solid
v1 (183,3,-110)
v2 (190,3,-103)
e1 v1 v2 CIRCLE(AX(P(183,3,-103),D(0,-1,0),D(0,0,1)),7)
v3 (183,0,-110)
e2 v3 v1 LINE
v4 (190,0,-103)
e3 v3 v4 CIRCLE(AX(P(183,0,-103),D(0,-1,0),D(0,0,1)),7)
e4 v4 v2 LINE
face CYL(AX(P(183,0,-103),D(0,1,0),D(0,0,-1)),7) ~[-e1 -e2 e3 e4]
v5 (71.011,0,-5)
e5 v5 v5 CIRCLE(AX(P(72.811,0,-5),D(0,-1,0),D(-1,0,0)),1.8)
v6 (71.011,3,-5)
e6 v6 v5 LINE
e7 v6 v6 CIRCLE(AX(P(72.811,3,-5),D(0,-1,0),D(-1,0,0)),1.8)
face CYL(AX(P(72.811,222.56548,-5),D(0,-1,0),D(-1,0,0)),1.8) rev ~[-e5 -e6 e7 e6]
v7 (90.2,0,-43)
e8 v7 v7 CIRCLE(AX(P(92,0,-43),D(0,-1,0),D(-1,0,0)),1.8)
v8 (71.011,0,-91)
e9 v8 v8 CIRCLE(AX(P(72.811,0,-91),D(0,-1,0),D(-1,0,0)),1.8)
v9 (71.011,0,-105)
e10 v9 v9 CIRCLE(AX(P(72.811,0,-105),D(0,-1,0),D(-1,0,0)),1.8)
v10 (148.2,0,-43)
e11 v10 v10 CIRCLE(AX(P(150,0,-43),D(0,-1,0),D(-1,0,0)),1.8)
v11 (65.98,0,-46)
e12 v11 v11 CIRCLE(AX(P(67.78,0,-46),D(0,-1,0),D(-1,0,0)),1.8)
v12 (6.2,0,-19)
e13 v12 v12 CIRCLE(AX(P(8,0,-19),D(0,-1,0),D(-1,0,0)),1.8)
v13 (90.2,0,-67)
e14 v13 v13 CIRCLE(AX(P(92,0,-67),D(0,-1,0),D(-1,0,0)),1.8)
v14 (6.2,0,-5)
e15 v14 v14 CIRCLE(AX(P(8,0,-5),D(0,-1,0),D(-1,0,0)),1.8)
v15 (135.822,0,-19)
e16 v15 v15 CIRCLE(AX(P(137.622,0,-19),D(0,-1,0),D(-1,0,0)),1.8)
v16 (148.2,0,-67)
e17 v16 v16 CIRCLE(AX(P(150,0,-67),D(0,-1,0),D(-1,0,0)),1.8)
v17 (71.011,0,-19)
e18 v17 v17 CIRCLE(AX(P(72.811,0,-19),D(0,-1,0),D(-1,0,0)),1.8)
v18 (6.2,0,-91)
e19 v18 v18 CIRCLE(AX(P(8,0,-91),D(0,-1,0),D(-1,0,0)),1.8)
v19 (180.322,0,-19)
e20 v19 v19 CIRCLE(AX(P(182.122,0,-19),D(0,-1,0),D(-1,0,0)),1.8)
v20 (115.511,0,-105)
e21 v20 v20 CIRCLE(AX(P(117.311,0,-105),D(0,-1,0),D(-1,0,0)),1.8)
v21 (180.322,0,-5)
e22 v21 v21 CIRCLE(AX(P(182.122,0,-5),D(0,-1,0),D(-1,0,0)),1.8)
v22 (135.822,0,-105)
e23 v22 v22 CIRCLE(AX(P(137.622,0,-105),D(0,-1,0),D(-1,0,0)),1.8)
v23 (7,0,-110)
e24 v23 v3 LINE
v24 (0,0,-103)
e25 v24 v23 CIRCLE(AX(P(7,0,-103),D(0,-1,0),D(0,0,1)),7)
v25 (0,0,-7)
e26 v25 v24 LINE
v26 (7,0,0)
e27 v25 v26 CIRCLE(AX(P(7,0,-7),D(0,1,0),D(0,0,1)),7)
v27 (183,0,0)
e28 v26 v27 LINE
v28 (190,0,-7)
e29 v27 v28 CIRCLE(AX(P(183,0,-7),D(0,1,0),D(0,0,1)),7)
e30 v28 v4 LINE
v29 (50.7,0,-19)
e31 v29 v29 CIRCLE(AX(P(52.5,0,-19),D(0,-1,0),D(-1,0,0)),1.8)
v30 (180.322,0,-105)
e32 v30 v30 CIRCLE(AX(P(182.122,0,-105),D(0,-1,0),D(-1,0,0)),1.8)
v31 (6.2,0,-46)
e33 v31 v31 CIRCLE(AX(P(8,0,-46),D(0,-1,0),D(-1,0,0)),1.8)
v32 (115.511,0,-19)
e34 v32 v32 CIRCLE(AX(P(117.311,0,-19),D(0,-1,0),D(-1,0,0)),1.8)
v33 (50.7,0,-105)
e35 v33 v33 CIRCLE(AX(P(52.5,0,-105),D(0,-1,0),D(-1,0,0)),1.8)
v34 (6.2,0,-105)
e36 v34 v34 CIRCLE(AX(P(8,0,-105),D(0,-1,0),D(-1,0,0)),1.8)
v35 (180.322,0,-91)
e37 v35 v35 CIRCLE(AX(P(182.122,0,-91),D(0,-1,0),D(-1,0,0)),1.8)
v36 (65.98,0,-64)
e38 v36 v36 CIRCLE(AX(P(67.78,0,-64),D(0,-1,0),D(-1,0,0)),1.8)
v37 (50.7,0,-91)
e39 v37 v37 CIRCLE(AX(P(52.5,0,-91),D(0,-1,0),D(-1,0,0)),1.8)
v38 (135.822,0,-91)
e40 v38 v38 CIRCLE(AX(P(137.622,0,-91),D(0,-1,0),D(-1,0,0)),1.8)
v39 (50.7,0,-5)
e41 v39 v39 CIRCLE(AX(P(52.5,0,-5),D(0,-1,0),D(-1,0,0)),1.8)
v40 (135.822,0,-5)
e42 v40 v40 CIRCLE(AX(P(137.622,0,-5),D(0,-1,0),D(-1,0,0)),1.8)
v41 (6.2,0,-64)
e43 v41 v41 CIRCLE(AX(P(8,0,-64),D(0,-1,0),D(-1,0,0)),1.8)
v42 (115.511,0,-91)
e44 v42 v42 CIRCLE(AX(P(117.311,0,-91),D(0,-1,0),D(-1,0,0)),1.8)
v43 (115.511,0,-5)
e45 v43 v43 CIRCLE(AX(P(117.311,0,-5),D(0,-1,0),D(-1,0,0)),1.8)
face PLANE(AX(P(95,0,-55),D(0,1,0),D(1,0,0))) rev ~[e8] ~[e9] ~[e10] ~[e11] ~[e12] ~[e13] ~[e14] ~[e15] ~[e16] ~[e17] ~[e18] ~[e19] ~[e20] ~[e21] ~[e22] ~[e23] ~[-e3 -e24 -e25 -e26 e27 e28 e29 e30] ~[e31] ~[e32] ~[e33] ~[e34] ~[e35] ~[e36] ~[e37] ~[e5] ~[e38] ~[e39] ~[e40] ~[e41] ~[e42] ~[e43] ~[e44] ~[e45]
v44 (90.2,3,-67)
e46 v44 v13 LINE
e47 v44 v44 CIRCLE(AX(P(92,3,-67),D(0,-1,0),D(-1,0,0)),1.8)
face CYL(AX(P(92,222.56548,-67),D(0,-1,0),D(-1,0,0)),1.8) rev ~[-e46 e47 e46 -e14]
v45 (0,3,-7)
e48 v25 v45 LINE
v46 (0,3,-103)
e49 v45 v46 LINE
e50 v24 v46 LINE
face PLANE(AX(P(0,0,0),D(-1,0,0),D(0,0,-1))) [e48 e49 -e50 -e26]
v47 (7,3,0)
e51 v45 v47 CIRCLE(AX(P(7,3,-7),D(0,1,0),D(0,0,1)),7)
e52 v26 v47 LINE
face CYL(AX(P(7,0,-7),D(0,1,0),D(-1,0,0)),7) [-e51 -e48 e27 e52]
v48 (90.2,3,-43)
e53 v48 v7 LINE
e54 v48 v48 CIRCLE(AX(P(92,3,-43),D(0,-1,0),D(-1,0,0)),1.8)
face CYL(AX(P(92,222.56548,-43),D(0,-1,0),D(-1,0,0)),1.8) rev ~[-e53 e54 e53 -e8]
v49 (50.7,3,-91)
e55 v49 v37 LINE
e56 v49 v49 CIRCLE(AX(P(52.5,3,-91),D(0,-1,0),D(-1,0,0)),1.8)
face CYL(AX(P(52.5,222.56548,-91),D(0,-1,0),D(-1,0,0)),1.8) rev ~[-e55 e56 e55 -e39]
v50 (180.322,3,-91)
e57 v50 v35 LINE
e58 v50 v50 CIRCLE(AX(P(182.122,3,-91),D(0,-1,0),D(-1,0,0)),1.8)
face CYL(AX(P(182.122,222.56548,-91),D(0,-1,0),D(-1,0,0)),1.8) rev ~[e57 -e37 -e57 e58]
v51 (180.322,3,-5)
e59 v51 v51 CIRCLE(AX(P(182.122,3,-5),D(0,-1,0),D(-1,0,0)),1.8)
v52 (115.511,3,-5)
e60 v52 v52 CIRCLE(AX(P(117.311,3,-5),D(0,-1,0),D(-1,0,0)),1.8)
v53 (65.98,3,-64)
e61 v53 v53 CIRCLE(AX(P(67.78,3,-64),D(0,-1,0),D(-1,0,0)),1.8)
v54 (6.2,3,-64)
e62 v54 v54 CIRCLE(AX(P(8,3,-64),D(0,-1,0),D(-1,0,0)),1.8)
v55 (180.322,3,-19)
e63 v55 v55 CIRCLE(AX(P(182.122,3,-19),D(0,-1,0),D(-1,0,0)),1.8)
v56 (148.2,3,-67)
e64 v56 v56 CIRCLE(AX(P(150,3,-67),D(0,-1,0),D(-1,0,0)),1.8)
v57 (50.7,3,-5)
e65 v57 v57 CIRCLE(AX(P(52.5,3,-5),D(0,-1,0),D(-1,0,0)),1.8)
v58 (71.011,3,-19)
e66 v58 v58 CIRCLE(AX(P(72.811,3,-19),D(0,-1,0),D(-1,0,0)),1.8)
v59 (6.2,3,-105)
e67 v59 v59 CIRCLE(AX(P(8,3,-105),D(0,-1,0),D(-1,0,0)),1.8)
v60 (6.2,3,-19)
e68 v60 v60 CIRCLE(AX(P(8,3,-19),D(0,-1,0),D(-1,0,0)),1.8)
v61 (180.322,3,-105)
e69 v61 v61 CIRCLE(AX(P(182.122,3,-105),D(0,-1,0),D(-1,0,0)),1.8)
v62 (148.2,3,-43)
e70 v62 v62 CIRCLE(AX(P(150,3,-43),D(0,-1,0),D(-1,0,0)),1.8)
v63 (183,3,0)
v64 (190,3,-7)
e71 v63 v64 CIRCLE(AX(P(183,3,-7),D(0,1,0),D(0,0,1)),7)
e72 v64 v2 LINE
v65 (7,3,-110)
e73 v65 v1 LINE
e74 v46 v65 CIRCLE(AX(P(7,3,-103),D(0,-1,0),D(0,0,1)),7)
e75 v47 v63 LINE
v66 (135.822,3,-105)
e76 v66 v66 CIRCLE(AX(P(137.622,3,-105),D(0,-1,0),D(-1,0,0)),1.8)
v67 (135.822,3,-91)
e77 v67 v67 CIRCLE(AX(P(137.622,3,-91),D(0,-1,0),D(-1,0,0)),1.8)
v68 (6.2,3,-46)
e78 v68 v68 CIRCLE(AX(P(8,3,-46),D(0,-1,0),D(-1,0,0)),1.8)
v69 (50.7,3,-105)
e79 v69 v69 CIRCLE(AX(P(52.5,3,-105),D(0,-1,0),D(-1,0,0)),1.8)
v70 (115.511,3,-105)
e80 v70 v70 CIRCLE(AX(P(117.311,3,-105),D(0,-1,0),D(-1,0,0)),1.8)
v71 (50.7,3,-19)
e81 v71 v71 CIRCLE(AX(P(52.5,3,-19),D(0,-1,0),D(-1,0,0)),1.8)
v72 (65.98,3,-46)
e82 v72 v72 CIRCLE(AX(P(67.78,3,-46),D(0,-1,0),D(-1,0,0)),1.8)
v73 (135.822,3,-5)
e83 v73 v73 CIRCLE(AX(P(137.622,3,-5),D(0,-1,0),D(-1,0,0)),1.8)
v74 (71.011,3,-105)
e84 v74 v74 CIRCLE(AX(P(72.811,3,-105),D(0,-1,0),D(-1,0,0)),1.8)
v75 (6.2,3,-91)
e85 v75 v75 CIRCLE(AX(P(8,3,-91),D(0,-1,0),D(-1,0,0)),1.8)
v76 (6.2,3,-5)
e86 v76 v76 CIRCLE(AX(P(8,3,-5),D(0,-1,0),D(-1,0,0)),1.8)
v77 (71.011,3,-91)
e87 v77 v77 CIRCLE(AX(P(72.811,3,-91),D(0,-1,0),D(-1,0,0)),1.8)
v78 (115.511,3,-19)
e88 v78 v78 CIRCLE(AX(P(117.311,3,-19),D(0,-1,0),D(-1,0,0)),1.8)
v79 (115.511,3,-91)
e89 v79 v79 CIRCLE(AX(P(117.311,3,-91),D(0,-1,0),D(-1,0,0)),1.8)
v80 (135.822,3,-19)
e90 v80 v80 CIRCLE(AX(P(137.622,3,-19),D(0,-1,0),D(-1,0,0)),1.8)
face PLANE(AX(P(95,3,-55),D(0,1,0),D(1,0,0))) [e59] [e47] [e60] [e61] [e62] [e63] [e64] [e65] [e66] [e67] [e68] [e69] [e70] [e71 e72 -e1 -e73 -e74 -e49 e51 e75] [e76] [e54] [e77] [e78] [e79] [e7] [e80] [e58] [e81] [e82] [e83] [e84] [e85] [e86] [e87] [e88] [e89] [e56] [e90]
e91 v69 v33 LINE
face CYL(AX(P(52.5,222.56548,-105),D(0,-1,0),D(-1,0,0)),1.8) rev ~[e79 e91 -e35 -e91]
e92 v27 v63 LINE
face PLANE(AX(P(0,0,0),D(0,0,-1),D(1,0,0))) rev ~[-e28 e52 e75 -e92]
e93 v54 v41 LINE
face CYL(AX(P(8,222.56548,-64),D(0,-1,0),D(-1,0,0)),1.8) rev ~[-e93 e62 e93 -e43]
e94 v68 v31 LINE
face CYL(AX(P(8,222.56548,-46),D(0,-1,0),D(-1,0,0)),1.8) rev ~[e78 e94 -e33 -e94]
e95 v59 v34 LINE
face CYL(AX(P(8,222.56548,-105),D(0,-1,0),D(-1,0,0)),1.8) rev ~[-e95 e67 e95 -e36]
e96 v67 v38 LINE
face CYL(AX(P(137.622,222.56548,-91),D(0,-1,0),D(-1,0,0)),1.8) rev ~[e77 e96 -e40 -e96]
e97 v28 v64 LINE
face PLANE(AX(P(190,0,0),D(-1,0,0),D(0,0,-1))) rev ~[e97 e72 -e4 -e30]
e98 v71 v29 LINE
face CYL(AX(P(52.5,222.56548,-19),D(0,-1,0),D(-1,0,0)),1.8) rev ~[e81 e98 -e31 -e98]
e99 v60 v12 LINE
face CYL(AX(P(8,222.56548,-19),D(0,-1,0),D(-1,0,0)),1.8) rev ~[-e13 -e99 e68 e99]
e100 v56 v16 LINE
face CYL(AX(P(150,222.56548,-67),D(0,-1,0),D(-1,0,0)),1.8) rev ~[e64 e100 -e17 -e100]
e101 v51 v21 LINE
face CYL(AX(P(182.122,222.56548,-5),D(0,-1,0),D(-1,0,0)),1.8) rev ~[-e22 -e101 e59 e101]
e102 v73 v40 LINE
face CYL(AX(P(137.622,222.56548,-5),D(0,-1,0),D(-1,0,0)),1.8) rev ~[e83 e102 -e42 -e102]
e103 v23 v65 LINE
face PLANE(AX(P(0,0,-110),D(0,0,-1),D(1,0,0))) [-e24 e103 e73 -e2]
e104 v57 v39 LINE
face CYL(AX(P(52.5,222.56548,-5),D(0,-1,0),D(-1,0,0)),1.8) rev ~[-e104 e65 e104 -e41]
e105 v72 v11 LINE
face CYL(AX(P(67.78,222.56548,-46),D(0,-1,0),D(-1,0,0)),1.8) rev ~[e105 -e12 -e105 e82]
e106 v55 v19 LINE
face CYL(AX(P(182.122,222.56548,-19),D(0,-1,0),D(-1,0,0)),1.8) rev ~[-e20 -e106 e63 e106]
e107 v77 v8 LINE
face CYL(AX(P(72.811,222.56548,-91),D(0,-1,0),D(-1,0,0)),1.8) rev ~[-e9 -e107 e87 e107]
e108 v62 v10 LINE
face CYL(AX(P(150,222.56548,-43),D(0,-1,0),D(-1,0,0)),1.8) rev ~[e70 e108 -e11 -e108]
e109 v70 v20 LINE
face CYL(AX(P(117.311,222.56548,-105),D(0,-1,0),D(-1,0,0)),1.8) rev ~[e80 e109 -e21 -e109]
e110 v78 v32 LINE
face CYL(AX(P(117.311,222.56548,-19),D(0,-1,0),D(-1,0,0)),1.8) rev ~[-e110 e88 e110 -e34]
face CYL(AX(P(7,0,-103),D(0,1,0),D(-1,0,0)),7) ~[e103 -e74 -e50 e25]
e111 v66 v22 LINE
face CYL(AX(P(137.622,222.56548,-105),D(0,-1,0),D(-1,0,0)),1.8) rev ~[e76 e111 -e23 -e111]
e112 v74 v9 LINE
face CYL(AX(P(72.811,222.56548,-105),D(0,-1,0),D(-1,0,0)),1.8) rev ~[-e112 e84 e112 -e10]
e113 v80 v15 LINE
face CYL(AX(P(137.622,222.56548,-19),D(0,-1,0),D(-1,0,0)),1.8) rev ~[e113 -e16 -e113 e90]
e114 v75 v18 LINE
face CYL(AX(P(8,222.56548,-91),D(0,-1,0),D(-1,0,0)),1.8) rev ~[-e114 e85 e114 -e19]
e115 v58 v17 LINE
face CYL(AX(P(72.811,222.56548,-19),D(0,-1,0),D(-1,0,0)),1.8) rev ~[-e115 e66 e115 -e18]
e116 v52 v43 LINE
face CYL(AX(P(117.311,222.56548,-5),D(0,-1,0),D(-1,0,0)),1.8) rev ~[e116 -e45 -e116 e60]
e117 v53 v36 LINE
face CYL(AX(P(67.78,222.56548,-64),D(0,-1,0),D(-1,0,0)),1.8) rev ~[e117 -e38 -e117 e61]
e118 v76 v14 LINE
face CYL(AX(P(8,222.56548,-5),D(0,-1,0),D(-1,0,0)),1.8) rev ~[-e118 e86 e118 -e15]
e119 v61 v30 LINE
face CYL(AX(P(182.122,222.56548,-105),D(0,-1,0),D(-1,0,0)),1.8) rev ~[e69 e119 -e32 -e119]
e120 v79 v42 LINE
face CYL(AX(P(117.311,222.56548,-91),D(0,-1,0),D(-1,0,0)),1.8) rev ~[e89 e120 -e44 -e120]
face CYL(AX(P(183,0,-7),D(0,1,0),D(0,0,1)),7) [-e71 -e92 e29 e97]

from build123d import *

# Parameters (mm, degrees)
SKETCH1_W            = 190
SKETCH1_H            = 110
BOSS_EXTRUDE1_DEPTH  = 3
M3_CLEARANCE_HOLE1_D = 3.6
FILLET1_R            = 7


with BuildPart() as part:
    # Sketch1 → Boss-Extrude1 (new body)
    with BuildSketch(Plane(origin=(0, 0, 0), x_dir=(1, 0, 0), z_dir=(0, 1, 0))):
        with Locations((95, 55)):
            Rectangle(SKETCH1_W, SKETCH1_H)
    extrude(amount=BOSS_EXTRUDE1_DEPTH)

    # M3 Clearance Hole1 (through all)
    with Locations(Plane(origin=(0, 3, 0), x_dir=(1, 0, 0), z_dir=(0, 1, 0))):
        with Locations((8, 105), (52.5, 105), (52.5, 91), (8, 91), (52.5, 19), (52.5, 5), (8, 19), (8, 5), (72.811, 105), (117.311, 105), (117.311, 91), (72.811, 91), (137.622, 105), (182.122, 105), (182.122, 91), (137.622, 91), (72.811, 19), (117.311, 19), (137.622, 19), (182.122, 19), (182.122, 5), (137.622, 5), (117.311, 5), (72.811, 5), (8, 64), (8, 46), (67.78, 64), (67.78, 46), (92, 67), (92, 43), (150, 43), (150, 67)):
            Hole(M3_CLEARANCE_HOLE1_D / 2)

    # Fillet1
    fillet1_edges = [part.edges().sort_by_distance(p)[0] for p in [
        (0, 1.5, -110),
        (190, 1.5, -110),
        (190, 1.5, 0),
        (0, 1.5, 0),
    ]]
    fillet(fillet1_edges, radius=FILLET1_R)


solid = part.part
